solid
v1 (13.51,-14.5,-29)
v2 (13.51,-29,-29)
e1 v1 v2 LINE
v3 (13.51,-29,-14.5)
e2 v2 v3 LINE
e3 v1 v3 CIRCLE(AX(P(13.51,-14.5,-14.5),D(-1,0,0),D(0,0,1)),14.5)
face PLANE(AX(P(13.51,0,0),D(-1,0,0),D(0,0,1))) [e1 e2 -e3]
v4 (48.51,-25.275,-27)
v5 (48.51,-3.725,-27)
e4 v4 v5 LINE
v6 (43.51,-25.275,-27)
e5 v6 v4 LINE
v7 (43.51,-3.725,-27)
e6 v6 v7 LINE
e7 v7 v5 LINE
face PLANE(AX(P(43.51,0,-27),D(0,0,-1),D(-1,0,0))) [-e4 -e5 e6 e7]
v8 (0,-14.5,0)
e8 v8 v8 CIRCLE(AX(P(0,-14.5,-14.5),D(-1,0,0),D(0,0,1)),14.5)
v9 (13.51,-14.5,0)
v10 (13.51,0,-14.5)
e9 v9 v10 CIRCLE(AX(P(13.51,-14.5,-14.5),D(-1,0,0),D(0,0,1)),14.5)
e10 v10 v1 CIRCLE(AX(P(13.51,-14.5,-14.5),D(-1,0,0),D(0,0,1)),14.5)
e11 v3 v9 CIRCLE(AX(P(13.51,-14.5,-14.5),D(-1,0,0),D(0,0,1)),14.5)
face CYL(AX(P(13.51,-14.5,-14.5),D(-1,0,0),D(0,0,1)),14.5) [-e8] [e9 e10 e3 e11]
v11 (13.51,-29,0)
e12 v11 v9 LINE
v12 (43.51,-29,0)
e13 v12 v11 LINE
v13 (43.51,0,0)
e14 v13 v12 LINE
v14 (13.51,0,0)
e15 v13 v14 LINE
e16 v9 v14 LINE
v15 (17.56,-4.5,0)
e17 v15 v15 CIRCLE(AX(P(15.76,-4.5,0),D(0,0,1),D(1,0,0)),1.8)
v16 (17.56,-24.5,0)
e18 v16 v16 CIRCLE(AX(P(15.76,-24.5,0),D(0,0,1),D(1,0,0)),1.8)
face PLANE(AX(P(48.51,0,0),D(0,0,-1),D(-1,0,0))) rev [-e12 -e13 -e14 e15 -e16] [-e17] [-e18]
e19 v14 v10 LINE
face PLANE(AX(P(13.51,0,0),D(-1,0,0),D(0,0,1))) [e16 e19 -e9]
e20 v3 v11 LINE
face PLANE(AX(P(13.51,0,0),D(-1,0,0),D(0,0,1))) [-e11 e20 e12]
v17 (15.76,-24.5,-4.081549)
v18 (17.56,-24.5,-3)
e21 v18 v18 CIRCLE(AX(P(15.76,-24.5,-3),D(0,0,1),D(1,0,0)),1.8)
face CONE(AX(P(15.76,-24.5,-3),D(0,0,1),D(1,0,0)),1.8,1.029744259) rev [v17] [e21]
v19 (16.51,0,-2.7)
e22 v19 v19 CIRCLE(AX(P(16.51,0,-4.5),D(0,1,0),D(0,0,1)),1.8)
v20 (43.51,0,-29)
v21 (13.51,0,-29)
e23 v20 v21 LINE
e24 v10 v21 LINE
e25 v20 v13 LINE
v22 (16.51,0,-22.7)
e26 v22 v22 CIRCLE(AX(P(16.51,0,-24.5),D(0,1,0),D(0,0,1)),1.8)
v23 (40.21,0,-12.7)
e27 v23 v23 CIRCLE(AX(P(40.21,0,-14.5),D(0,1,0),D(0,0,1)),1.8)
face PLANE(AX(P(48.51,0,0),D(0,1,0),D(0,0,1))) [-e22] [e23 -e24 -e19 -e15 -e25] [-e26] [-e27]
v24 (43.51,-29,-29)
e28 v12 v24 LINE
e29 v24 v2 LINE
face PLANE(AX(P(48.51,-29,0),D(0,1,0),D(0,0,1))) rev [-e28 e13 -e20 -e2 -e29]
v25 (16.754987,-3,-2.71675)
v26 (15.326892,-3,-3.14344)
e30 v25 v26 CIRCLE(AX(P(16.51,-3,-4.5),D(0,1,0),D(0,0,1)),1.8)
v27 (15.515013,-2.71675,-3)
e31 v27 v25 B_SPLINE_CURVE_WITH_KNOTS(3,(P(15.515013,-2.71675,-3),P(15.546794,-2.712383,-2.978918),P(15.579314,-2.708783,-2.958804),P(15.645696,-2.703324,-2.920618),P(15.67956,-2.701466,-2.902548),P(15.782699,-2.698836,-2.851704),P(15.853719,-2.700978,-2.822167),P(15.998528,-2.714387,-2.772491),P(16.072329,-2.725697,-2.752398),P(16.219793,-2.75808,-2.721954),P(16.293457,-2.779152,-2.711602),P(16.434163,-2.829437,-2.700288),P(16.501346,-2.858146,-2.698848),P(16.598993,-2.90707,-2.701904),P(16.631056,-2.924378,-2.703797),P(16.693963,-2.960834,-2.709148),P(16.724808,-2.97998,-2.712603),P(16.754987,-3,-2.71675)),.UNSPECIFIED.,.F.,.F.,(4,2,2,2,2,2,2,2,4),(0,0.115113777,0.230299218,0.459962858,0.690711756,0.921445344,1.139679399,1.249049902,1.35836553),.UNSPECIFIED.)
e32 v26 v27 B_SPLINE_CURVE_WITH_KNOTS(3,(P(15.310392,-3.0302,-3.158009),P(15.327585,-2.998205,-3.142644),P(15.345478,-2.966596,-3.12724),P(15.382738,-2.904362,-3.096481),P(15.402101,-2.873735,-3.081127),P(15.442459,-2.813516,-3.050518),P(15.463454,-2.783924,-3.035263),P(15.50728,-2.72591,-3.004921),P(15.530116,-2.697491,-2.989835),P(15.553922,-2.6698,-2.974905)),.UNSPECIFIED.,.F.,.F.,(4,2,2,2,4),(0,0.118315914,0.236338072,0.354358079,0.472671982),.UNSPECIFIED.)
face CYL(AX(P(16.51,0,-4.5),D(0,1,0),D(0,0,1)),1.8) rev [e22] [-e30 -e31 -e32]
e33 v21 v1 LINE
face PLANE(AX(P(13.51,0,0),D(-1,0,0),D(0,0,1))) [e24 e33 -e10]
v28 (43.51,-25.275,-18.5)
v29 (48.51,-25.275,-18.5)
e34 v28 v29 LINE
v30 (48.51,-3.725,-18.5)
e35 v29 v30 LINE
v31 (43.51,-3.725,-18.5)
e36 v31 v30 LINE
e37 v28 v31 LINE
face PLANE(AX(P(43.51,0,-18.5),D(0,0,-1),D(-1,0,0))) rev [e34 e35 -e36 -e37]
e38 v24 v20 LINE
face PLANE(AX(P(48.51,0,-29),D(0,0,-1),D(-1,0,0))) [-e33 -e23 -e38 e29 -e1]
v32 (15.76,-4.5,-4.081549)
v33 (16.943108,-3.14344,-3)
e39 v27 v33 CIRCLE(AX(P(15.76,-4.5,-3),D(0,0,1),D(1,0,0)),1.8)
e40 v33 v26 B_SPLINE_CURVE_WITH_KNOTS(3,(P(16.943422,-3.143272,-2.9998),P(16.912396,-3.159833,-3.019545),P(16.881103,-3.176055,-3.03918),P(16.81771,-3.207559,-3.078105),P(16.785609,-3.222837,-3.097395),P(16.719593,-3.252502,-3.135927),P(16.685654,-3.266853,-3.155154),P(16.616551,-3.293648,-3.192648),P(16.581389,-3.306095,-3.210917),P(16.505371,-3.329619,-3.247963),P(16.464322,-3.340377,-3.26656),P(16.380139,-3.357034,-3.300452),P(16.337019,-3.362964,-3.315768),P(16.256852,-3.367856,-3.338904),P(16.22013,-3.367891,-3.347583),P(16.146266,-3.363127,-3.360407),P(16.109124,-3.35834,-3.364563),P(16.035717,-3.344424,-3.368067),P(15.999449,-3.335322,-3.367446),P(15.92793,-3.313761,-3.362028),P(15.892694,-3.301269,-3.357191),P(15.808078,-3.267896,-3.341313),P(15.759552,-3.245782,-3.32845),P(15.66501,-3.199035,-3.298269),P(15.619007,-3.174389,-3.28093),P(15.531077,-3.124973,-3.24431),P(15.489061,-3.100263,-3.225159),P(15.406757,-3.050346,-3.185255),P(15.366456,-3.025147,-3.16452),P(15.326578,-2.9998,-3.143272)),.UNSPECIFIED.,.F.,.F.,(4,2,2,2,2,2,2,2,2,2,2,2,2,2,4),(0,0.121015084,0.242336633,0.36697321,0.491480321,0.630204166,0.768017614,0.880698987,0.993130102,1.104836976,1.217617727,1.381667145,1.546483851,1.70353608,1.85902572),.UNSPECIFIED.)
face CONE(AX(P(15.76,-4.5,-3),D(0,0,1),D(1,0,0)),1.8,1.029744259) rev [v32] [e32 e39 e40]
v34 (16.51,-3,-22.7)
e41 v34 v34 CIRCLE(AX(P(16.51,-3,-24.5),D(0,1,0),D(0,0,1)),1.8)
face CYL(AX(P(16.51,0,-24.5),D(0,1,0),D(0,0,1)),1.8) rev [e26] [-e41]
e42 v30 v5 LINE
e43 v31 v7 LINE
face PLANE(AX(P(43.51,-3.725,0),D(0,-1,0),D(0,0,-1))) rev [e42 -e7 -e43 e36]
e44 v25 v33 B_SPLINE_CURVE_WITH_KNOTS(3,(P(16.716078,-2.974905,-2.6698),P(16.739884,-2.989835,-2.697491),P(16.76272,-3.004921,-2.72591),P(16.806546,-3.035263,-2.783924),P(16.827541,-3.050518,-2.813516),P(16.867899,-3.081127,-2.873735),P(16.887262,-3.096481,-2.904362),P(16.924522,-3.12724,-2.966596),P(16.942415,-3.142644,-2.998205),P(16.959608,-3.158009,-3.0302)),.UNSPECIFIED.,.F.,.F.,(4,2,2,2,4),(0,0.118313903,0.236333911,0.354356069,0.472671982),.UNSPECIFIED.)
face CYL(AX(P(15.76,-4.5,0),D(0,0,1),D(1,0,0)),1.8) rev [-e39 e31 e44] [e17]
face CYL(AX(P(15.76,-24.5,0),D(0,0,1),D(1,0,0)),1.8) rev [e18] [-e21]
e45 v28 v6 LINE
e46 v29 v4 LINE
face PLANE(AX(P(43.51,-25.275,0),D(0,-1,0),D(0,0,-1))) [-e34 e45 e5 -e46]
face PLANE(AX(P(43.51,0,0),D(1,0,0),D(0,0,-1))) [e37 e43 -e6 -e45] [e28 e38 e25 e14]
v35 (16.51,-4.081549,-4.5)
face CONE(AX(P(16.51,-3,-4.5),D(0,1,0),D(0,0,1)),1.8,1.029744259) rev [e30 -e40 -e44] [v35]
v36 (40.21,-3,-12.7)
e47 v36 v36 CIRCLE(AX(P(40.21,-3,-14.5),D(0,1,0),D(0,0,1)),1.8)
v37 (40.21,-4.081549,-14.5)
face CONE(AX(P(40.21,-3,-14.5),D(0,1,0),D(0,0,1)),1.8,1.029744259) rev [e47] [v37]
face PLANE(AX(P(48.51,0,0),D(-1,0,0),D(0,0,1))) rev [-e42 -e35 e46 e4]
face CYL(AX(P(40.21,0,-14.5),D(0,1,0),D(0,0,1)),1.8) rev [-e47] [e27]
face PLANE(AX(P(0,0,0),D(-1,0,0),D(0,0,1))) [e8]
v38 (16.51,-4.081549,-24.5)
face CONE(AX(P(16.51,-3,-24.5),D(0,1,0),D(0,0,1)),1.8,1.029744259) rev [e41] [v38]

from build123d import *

# Parameters (mm, degrees)
SKETCH1_W                = 29
SKETCH1_H                = 29
BOSS_EXTRUDE1_DEPTH      = 48.51
CUT_EXTRUDE1_DEPTH       = 13.51
M3_CLEARANCE_HOLE3_D     = 3.6
M3_CLEARANCE_HOLE3_DEPTH = 3
M3_CLEARANCE_HOLE3_TIP   = 1.081549114
SKETCH6_W                = 29
SKETCH6_H                = 29
SKETCH6_W_2              = 8.5
SKETCH6_H_2              = 21.55
CUT_EXTRUDE2_DEPTH       = 5
M3_CLEARANCE_HOLE2_D     = 3.6
M3_CLEARANCE_HOLE2_DEPTH = 3
M3_CLEARANCE_HOLE2_TIP   = 1.081549114


with BuildPart() as part:
    # Sketch1 → Boss-Extrude1 (new body)
    with BuildSketch(Plane(origin=(0, 0, 0), x_dir=(0, -1, 0), z_dir=(1, 0, 0))):
        with Locations((14.5, 14.5)):
            Rectangle(SKETCH1_W, SKETCH1_H)
    extrude(amount=BOSS_EXTRUDE1_DEPTH)

    # Sketch2 → Cut-Extrude1 (cut)
    with BuildSketch(Plane.ZY):
        with BuildLine():
            Line((-14.500000026, 0), (-29, 0))
            Line((-29, 0), (-24.753048327, -4.246951673))
            ThreePointArc((-24.753048327, -4.246951673), (-20.048909781, -1.103746784), (-14.500000026, 0))
        make_face()
        with BuildLine():
            Line((-24.753048327, -4.246951673), (-29, 0))
            Line((-29, 0), (-29, -14.499999948))
            ThreePointArc((-29, -14.499999948), (-27.896253211, -8.951090207), (-24.753048327, -4.246951673))
        make_face()
        with BuildLine():
            ThreePointArc((-14.5, -29), (-24.753048346, -24.753048309), (-29, -14.499999948))
            Line((-29, -14.499999948), (-29, -29))
            Line((-29, -29), (-14.5, -29))
        make_face()
        with BuildLine():
            Line((0, -29), (-4.246951673, -24.753048327))
            ThreePointArc((-4.246951673, -24.753048327), (-8.951090231, -27.896253221), (-14.5, -29))
            Line((-14.5, -29), (0, -29))
        make_face()
        with BuildLine():
            ThreePointArc((0, -14.5), (-1.103746779, -20.048909769), (-4.246951673, -24.753048327))
            Line((-4.246951673, -24.753048327), (0, -29))
            Line((0, -29), (0, -14.5))
        make_face()
        with BuildLine():
            Line((0, 0), (-14.500000026, 0))
            ThreePointArc((-14.500000026, 0), (-4.246951682, -4.246951664), (0, -14.5))
            Line((0, -14.5), (0, 0))
        make_face()
    extrude(amount=-CUT_EXTRUDE1_DEPTH, mode=Mode.SUBTRACT)

    # M3 Clearance Hole3
    with Locations(Plane.XY):
        with Locations((15.76, -24.5), (15.76, -4.5)):
            Hole(M3_CLEARANCE_HOLE3_D / 2, depth=M3_CLEARANCE_HOLE3_DEPTH)
            with Locations((0, 0, -(M3_CLEARANCE_HOLE3_DEPTH + M3_CLEARANCE_HOLE3_TIP / 2))):  # 118° drill point
                Cone(0, M3_CLEARANCE_HOLE3_D / 2, M3_CLEARANCE_HOLE3_TIP, mode=Mode.SUBTRACT)

    # Sketch6 → Cut-Extrude2 (cut)
    with BuildSketch(Plane(origin=(48.51, 0, 0), x_dir=(0, 0, -1), z_dir=(1, 0, 0))):
        with Locations((14.5, -14.5)):
            Rectangle(SKETCH6_W, SKETCH6_H)
        with Locations((22.75, -14.5)):
            Rectangle(SKETCH6_W_2, SKETCH6_H_2, mode=Mode.SUBTRACT)
    extrude(amount=-CUT_EXTRUDE2_DEPTH, mode=Mode.SUBTRACT)

    # M3 Clearance Hole2
    with Locations(Plane(origin=(0, 0, 0), x_dir=(1, 0, 0), z_dir=(0, 1, 0))):
        with Locations((16.51, 24.5), (16.51, 4.5), (40.21, 14.5)):
            Hole(M3_CLEARANCE_HOLE2_D / 2, depth=M3_CLEARANCE_HOLE2_DEPTH)
            with Locations((0, 0, -(M3_CLEARANCE_HOLE2_DEPTH + M3_CLEARANCE_HOLE2_TIP / 2))):  # 118° drill point
                Cone(0, M3_CLEARANCE_HOLE2_D / 2, M3_CLEARANCE_HOLE2_TIP, mode=Mode.SUBTRACT)


solid = part.part
